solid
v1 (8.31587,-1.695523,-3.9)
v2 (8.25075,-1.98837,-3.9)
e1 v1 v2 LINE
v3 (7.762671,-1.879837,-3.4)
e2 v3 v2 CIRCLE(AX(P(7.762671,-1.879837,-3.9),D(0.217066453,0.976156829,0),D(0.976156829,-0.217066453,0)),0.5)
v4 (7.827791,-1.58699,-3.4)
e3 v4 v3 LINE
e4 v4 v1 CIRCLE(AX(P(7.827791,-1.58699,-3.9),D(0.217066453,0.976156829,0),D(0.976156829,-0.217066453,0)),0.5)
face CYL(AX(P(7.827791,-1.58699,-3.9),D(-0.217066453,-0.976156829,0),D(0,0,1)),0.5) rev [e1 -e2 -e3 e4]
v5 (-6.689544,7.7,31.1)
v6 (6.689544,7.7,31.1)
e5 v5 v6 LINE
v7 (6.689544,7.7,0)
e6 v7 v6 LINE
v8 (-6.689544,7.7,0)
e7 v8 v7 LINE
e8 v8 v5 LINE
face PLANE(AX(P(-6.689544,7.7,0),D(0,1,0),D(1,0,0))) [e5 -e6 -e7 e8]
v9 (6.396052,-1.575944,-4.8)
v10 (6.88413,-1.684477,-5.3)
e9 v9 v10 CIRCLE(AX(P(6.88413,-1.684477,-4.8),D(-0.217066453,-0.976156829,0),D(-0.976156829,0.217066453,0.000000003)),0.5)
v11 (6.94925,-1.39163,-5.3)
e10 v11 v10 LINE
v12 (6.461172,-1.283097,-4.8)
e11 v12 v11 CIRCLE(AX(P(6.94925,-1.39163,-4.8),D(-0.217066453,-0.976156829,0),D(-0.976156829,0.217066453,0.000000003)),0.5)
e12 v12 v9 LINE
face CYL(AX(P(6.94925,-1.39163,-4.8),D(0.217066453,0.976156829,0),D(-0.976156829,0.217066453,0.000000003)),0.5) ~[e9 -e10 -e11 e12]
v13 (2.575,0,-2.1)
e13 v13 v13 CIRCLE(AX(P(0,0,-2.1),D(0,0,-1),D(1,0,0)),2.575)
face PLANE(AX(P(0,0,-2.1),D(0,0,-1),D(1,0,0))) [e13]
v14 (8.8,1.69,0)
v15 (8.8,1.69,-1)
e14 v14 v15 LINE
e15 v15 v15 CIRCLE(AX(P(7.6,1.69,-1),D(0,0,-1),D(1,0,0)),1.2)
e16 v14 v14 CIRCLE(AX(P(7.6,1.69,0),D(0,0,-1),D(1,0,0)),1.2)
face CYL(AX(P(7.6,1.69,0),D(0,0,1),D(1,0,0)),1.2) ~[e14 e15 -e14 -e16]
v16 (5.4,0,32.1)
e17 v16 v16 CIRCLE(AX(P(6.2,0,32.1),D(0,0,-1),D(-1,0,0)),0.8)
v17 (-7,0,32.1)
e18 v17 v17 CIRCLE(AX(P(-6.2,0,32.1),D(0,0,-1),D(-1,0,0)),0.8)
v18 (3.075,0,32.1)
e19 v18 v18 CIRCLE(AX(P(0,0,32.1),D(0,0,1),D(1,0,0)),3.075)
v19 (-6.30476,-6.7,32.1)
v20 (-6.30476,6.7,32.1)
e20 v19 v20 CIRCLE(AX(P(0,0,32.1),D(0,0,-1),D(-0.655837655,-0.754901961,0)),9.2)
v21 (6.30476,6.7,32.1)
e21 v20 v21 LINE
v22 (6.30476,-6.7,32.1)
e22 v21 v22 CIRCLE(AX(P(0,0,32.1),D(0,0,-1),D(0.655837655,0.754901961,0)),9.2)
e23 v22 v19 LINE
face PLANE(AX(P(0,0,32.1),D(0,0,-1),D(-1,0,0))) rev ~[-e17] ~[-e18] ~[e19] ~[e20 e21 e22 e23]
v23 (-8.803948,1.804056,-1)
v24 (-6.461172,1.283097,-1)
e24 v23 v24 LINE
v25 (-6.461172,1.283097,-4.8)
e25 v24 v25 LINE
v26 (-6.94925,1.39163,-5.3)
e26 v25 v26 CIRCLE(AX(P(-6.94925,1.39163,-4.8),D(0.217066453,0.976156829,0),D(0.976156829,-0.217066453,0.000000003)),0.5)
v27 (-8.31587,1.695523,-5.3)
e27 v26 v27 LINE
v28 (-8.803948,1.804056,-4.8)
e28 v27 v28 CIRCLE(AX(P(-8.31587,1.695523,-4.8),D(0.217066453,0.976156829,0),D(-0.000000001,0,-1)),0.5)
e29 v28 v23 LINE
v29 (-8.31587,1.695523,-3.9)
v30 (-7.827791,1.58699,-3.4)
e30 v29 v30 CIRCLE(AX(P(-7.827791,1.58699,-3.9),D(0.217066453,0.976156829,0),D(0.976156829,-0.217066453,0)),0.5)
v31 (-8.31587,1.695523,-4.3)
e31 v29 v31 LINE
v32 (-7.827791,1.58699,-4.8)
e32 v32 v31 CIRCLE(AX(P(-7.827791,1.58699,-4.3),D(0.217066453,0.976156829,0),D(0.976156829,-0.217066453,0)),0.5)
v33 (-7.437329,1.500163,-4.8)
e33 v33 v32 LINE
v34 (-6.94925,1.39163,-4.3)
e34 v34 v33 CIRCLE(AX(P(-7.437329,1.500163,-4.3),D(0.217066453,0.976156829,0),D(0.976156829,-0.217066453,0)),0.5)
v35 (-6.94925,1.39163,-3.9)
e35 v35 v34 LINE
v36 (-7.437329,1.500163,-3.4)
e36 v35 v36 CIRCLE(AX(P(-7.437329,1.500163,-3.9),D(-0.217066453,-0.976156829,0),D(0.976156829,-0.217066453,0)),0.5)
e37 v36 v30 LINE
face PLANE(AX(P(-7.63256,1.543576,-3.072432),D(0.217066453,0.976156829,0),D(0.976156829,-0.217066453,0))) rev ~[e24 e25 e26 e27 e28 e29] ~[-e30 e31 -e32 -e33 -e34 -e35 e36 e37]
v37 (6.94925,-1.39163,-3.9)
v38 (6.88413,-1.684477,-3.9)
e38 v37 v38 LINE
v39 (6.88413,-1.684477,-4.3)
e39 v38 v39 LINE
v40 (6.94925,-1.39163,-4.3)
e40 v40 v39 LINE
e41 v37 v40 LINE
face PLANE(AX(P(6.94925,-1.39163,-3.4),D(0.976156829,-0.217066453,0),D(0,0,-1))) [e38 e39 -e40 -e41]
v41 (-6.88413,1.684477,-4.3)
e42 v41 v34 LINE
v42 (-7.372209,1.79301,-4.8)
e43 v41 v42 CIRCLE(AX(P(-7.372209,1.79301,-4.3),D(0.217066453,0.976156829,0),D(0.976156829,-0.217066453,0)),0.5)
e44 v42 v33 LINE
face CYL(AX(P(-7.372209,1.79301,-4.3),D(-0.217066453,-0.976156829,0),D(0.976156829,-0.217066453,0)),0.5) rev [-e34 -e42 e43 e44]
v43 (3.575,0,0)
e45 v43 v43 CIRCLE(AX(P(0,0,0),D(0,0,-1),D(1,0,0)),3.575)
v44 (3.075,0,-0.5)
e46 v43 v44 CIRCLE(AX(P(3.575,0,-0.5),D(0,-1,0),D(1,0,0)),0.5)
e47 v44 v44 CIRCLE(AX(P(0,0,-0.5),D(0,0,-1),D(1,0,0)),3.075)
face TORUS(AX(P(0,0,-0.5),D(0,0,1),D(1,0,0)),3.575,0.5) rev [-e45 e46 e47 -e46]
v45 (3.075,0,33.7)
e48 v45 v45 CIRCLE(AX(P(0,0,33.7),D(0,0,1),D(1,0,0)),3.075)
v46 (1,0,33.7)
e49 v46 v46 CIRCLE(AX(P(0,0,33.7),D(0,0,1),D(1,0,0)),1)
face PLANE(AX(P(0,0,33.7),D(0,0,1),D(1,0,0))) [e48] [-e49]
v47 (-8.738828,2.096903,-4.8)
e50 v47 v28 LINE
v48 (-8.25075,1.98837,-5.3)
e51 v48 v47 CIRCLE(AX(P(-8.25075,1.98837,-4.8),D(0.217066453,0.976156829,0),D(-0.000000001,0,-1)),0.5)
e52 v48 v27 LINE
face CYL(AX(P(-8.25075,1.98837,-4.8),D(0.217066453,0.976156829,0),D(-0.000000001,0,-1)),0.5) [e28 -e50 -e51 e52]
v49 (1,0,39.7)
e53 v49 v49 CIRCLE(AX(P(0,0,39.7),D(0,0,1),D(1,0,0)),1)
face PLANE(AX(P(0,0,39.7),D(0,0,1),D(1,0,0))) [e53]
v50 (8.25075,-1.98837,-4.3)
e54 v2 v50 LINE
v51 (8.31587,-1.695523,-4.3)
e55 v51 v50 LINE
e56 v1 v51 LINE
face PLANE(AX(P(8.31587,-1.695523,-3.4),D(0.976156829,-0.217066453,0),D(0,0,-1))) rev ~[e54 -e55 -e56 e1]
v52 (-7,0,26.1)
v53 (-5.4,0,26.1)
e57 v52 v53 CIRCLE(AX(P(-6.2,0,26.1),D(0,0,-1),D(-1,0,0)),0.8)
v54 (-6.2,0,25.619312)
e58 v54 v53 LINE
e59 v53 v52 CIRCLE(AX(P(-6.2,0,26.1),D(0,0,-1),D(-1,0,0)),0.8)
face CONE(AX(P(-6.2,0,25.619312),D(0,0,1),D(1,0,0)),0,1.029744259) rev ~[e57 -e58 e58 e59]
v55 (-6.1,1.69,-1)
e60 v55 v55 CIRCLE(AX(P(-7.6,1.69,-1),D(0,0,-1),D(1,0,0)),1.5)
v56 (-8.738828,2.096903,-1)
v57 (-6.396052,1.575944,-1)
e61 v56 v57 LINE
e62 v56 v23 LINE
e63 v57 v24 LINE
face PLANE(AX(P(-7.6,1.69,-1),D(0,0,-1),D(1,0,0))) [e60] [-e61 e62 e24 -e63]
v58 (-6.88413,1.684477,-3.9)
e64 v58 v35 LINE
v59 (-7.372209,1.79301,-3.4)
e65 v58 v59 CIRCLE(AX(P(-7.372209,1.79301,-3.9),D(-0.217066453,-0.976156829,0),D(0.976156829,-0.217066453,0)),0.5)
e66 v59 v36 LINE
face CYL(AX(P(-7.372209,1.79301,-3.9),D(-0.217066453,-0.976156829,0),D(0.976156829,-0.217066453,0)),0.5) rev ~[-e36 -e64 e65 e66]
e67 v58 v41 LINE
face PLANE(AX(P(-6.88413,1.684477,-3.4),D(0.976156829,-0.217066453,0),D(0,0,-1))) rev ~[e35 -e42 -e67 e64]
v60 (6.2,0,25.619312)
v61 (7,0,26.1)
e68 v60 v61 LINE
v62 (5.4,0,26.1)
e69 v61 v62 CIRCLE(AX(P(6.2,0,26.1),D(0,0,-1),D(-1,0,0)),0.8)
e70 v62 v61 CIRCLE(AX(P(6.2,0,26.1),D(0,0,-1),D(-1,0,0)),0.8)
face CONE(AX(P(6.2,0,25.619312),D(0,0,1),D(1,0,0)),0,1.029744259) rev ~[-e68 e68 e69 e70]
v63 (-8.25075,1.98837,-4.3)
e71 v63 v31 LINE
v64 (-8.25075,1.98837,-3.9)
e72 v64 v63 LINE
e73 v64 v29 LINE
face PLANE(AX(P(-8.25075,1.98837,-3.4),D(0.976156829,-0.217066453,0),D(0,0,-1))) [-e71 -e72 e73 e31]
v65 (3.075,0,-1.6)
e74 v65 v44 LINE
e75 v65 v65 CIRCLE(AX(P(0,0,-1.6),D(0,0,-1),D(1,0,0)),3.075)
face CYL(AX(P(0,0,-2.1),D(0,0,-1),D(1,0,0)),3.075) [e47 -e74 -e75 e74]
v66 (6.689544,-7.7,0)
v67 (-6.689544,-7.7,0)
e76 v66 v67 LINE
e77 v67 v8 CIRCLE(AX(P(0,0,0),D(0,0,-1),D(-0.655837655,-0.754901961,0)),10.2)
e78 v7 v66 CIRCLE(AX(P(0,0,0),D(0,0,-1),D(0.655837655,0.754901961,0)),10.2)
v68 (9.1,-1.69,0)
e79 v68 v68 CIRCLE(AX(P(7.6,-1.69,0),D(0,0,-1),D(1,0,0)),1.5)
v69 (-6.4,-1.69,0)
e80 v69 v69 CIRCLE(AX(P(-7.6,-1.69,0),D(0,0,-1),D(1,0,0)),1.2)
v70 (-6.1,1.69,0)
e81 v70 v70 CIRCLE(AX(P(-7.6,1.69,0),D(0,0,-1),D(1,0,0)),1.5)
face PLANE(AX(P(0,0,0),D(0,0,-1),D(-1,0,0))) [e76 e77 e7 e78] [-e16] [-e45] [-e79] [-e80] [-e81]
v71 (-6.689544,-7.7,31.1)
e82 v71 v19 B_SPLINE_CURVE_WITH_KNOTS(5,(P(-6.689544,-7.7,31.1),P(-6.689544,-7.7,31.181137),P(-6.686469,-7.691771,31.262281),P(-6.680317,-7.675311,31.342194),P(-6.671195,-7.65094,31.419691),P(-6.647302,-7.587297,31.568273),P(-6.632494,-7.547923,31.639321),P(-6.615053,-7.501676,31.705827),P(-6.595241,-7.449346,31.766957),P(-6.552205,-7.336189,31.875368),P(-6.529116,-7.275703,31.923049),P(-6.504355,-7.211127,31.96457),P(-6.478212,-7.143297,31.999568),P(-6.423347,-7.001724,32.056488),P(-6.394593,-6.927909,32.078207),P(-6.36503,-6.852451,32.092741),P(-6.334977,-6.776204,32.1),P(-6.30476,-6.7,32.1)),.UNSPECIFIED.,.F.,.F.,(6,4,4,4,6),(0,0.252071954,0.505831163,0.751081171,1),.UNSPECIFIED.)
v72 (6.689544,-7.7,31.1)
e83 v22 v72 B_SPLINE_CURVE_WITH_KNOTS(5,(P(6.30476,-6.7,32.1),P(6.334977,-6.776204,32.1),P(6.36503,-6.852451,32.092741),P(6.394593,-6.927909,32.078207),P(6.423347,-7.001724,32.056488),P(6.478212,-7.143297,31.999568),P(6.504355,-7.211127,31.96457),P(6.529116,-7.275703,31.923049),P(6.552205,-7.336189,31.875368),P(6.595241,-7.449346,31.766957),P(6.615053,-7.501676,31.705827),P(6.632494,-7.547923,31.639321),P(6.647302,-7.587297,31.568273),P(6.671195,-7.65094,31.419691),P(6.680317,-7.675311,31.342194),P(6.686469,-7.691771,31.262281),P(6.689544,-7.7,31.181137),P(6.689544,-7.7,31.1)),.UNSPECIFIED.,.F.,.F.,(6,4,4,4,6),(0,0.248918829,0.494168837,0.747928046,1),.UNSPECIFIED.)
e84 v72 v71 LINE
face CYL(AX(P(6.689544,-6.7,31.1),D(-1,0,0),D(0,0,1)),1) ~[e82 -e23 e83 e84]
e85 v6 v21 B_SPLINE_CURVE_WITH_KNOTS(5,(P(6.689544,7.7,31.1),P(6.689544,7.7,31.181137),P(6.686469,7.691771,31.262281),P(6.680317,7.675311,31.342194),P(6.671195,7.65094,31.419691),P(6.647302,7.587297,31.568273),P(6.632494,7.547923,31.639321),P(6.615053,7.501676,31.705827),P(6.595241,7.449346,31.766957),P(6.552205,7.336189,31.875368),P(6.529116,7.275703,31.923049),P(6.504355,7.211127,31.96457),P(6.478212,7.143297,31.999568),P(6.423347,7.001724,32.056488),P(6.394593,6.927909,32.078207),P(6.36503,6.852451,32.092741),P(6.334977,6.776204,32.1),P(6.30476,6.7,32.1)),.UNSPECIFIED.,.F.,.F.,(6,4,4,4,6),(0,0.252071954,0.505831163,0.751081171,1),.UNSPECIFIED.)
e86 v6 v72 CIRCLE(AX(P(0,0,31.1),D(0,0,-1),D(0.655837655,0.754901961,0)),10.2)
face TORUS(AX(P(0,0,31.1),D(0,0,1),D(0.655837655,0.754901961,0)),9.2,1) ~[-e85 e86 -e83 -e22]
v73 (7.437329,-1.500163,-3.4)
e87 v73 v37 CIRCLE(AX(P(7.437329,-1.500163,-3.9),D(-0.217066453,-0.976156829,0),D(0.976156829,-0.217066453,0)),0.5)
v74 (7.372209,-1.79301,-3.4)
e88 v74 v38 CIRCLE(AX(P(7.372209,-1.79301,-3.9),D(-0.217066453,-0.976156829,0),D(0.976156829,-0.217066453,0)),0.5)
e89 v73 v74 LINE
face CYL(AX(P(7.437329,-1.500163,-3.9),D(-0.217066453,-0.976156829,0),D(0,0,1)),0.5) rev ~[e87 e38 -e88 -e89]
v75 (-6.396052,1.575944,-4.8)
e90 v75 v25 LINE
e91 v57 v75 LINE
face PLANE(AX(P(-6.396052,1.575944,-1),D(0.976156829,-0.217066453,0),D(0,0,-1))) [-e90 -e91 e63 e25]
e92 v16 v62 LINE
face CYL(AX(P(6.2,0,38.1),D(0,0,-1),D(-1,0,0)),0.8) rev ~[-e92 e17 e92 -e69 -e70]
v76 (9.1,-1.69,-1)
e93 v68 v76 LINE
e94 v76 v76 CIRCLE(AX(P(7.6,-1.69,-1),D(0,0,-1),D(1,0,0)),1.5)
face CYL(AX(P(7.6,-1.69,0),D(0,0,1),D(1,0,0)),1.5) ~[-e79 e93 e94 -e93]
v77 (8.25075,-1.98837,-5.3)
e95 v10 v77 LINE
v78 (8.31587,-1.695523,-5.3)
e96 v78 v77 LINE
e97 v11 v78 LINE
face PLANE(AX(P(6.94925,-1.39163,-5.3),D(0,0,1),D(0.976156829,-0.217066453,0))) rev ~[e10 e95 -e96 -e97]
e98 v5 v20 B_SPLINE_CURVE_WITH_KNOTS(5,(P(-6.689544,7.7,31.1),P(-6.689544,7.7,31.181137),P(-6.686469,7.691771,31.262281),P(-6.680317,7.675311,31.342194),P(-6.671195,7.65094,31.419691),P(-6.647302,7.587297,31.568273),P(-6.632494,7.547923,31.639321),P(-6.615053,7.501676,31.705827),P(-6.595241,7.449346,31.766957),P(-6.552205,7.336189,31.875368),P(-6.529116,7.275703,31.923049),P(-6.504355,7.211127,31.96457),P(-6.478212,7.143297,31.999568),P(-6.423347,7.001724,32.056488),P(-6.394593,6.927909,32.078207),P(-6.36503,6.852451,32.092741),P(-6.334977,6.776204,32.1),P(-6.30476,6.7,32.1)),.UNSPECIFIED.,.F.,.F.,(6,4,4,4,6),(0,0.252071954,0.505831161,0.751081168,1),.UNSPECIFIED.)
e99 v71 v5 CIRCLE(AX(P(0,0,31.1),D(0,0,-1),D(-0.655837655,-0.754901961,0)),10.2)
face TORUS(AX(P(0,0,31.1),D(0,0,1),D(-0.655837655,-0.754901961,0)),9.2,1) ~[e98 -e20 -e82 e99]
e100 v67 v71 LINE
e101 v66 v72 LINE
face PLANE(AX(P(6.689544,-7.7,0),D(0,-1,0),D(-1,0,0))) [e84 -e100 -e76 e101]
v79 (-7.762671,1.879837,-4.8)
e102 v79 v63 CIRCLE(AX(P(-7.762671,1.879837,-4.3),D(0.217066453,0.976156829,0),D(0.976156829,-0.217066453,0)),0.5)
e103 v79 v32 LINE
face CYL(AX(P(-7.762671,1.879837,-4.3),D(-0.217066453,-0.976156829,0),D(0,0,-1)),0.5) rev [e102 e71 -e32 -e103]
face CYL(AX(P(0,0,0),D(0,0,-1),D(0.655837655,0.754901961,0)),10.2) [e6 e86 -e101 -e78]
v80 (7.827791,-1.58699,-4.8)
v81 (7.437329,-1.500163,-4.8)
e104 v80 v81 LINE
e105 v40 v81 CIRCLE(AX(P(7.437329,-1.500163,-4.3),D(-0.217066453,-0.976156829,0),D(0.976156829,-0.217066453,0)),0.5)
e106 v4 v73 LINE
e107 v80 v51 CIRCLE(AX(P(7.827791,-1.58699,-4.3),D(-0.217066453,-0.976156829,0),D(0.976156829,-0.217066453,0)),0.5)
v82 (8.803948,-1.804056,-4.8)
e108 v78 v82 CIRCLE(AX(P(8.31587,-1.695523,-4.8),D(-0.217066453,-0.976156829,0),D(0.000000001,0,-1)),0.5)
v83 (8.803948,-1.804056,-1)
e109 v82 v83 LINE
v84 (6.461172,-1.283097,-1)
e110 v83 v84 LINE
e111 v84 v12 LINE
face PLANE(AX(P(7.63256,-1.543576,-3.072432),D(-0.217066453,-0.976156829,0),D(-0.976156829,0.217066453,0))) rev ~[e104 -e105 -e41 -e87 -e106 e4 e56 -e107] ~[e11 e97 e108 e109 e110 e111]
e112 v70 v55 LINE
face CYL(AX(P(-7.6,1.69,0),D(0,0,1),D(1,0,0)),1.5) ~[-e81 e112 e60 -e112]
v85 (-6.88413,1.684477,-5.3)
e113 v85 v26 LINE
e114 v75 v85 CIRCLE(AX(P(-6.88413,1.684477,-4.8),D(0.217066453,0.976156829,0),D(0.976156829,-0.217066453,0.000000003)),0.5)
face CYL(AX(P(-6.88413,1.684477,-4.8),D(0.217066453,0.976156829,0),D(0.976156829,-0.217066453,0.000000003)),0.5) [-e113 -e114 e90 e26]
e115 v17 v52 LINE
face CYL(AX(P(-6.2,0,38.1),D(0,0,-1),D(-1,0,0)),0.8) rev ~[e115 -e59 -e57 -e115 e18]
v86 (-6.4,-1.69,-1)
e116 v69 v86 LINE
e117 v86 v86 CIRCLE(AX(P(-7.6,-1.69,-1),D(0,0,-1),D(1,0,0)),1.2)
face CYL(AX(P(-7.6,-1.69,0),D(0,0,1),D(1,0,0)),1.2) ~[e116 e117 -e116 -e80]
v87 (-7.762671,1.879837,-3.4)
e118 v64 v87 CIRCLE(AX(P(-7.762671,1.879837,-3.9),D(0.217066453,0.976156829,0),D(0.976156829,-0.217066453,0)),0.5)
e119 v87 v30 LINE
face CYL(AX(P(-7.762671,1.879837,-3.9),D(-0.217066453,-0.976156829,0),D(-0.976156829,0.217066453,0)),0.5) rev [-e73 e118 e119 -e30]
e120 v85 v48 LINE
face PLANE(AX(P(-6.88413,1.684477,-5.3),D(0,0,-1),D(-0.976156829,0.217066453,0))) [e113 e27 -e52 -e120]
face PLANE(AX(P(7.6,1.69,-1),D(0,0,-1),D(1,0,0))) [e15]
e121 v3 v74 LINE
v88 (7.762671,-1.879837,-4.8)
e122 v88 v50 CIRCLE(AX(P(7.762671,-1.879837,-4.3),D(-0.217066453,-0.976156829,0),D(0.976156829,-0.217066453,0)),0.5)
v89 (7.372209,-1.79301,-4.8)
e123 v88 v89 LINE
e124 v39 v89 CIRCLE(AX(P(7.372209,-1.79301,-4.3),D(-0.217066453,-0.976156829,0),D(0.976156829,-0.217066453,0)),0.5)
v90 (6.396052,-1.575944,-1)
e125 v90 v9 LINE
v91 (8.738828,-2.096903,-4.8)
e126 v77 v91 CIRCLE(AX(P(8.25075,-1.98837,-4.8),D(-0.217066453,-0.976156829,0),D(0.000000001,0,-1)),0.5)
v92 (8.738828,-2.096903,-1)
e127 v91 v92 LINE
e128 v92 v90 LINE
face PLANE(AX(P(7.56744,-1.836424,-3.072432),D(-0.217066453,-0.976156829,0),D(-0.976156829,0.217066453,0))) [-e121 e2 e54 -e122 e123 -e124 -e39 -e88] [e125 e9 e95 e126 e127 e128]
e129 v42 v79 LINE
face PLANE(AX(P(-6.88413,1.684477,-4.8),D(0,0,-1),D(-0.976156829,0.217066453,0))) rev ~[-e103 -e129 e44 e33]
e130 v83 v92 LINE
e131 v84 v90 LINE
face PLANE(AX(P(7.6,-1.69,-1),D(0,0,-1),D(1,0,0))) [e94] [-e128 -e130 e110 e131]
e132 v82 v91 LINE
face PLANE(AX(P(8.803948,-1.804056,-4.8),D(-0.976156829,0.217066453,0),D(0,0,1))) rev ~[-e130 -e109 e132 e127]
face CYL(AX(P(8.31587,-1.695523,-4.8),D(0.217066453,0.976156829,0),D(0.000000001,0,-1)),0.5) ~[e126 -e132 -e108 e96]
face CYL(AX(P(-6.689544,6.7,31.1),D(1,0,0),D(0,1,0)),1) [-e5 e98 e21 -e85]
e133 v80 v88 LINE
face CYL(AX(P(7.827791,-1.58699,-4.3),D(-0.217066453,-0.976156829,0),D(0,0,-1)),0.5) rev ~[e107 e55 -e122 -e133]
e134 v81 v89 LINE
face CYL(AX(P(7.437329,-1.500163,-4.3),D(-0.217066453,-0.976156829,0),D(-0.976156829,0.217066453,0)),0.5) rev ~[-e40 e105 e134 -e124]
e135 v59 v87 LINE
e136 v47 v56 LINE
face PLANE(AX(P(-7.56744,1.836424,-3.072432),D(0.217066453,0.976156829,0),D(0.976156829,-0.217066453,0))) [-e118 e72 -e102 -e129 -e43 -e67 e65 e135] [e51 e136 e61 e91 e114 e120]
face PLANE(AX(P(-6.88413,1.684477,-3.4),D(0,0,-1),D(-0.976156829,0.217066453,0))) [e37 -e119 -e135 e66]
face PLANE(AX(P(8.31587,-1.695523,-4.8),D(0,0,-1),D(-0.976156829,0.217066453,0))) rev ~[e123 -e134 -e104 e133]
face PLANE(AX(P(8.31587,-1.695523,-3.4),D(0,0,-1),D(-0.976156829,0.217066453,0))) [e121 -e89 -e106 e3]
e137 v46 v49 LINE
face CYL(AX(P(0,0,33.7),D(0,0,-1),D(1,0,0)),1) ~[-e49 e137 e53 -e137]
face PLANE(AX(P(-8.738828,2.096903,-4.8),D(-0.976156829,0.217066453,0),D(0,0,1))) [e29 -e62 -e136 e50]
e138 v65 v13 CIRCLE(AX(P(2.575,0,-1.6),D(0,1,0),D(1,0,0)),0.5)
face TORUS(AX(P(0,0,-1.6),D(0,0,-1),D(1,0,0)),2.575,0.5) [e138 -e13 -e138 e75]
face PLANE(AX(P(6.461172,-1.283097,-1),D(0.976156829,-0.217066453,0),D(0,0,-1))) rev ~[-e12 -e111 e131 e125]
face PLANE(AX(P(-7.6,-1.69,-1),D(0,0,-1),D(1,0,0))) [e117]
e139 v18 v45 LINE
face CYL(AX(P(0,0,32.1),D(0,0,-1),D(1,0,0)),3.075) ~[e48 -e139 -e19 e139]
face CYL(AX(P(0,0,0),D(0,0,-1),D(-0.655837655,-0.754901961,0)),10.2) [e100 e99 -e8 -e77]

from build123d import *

# Parameters (mm, degrees)
BOSS_EXTRUDE1_DEPTH      = 32.1
SKETCH2_R                = 3.075
BOSS_EXTRUDE2_DEPTH      = 1.6
BOSS_EXTRUDE3_START      = 2.1
SKETCH3_R                = 3.075
BOSS_EXTRUDE3_DEPTH      = 2.1
M2_TAPPED_HOLE1_D        = 1.6
M2_TAPPED_HOLE1_DEPTH    = 6
M2_TAPPED_HOLE1_TIP      = 0.480688495
SKETCH6_R                = 1.2
SKETCH6_R_2              = 1.5
BOSS_EXTRUDE4_DEPTH      = 1
SKETCH7_R                = 1
BOSS_EXTRUDE5_DEPTH      = 6
FILLET1_R                = 1
FILLET2_R                = 0.5
BOSS_EXTRUDE6_DEPTH      = 0.15
BOSS_EXTRUDE6_DEPTH_BACK = 0.15
SKETCH9_W                = 1.4
SKETCH9_H                = 1.4
FILLET3_R                = 0.5


with BuildPart() as part:
    # Sketch1 → Boss-Extrude1 (new body)
    with BuildSketch(Plane.XY):
        with BuildLine():
            Line((-6.68954408, 7.7), (6.68954408, 7.7))
            ThreePointArc((6.68954408, 7.7), (10.2, 0), (6.68954408, -7.7))
            Line((6.68954408, -7.7), (-6.68954408, -7.7))
            ThreePointArc((-6.68954408, -7.7), (-10.2, 0), (-6.68954408, 7.7))
        make_face()
    extrude(amount=BOSS_EXTRUDE1_DEPTH)

    # Sketch2 → Boss-Extrude2 (add)
    with BuildSketch(Plane.XY.offset(32.1)):
        Circle(SKETCH2_R)
    extrude(amount=BOSS_EXTRUDE2_DEPTH)

    # Sketch3 → Boss-Extrude3 (add)
    with BuildSketch(Plane(origin=(0, 0, 0), x_dir=(-1, 0, 0), z_dir=(0, 0, -1)).offset(BOSS_EXTRUDE3_START)):
        Circle(SKETCH3_R)
    extrude(amount=-BOSS_EXTRUDE3_DEPTH)

    # M2 Tapped Hole1
    with Locations(Plane.XY.offset(32.1)):
        with Locations((-6.2, 0), (6.2, 0)):
            Hole(M2_TAPPED_HOLE1_D / 2, depth=M2_TAPPED_HOLE1_DEPTH)
            with Locations((0, 0, -(M2_TAPPED_HOLE1_DEPTH + M2_TAPPED_HOLE1_TIP / 2))):  # 118° drill point
                Cone(0, M2_TAPPED_HOLE1_D / 2, M2_TAPPED_HOLE1_TIP, mode=Mode.SUBTRACT)

    # Sketch6 → Boss-Extrude4 (add)
    with BuildSketch(Plane(origin=(0, 0, 0), x_dir=(-1, 0, 0), z_dir=(0, 0, -1))):
        with Locations((-7.6, 1.69)):
            Circle(SKETCH6_R)
        with Locations((7.6, -1.69)):
            Circle(SKETCH6_R)
        with Locations((-7.6, -1.69)):
            Circle(SKETCH6_R_2)
        with Locations((7.6, 1.69)):
            Circle(SKETCH6_R_2)
    extrude(amount=BOSS_EXTRUDE4_DEPTH)

    # Sketch7 → Boss-Extrude5 (add)
    with BuildSketch(Plane.XY.offset(33.7)):
        Circle(SKETCH7_R)
    extrude(amount=BOSS_EXTRUDE5_DEPTH)

    # Fillet1
    fillet1_edges = [part.edges().sort_by_distance(p)[0] for p in [
        (0, -7.7, 32.1),
        (10.2, 0, 32.1),
        (0, 7.7, 32.1),
        (-10.2, 0, 32.1),
    ]]
    fillet(fillet1_edges, radius=FILLET1_R)

    # Fillet2
    fillet2_edges = [part.edges().sort_by_distance(p)[0] for p in [
        (3.075, 0, 0),
        (3.075, 0, -2.1),
    ]]
    fillet(fillet2_edges, radius=FILLET2_R)

    # Sketch9 → Boss-Extrude6 (add, two sides: drawn at the far end of the back side and taken through both)
    # profile 1 of 2: a face of its own
    with BuildSketch(Plane(origin=(0, 0, 0), x_dir=(-0.9761568291371078, 0.2170664527949621, 0), z_dir=(-0.21706645279496206, -0.9761568291371077, 0)).offset(-BOSS_EXTRUDE6_DEPTH_BACK)):
        with BuildLine():
            Line((-8.985634207, 1), (-6.585634207, 1))
            Line((-6.585634207, 1), (-6.585634207, 4.8))
            ThreePointArc((-6.585634207, 4.8), (-6.732080816, 5.153553391), (-7.085634207, 5.3))
            Line((-7.085634207, 5.3), (-8.485634207, 5.3))
            ThreePointArc((-8.485634207, 5.3), (-8.839187597, 5.153553391), (-8.985634207, 4.8))
            Line((-8.985634207, 4.8), (-8.985634207, 1))
        make_face()
        with Locations((-7.785634207, 4.1)):
            Rectangle(SKETCH9_W, SKETCH9_H, mode=Mode.SUBTRACT)
    # profile 2 of 2: a face of its own
    with BuildSketch(Plane(origin=(0, 0, 0), x_dir=(-0.9761568291371078, 0.2170664527949621, 0), z_dir=(-0.21706645279496206, -0.9761568291371077, 0)).offset(-BOSS_EXTRUDE6_DEPTH_BACK)):
        with BuildLine():
            Line((8.985634207, 1), (6.585634207, 1))
            Line((6.585634207, 1), (6.585634207, 4.8))
            ThreePointArc((6.585634207, 4.8), (6.732080816, 5.153553391), (7.085634207, 5.3))
            Line((7.085634207, 5.3), (8.485634207, 5.3))
            ThreePointArc((8.485634207, 5.3), (8.839187597, 5.153553391), (8.985634207, 4.8))
            Line((8.985634207, 4.8), (8.985634207, 1))
        make_face()
        with Locations((7.785634207, 4.1)):
            Rectangle(SKETCH9_W, SKETCH9_H, mode=Mode.SUBTRACT)
    extrude(amount=BOSS_EXTRUDE6_DEPTH + BOSS_EXTRUDE6_DEPTH_BACK)

    # Fillet3
    fillet3_edges = [part.edges().sort_by_distance(p)[0] for p in [
        (-6.91669022, 1.538053483, -3.4),
        (-6.91669022, 1.538053483, -4.8),
        (-8.28330978, 1.841946517, -4.8),
        (-8.28330978, 1.841946517, -3.4),
        (8.28330978, -1.841946517, -3.4),
        (8.28330978, -1.841946517, -4.8),
        (6.91669022, -1.538053483, -4.8),
        (6.91669022, -1.538053483, -3.4),
    ]]
    fillet(fillet3_edges, radius=FILLET3_R)


solid = part.part
